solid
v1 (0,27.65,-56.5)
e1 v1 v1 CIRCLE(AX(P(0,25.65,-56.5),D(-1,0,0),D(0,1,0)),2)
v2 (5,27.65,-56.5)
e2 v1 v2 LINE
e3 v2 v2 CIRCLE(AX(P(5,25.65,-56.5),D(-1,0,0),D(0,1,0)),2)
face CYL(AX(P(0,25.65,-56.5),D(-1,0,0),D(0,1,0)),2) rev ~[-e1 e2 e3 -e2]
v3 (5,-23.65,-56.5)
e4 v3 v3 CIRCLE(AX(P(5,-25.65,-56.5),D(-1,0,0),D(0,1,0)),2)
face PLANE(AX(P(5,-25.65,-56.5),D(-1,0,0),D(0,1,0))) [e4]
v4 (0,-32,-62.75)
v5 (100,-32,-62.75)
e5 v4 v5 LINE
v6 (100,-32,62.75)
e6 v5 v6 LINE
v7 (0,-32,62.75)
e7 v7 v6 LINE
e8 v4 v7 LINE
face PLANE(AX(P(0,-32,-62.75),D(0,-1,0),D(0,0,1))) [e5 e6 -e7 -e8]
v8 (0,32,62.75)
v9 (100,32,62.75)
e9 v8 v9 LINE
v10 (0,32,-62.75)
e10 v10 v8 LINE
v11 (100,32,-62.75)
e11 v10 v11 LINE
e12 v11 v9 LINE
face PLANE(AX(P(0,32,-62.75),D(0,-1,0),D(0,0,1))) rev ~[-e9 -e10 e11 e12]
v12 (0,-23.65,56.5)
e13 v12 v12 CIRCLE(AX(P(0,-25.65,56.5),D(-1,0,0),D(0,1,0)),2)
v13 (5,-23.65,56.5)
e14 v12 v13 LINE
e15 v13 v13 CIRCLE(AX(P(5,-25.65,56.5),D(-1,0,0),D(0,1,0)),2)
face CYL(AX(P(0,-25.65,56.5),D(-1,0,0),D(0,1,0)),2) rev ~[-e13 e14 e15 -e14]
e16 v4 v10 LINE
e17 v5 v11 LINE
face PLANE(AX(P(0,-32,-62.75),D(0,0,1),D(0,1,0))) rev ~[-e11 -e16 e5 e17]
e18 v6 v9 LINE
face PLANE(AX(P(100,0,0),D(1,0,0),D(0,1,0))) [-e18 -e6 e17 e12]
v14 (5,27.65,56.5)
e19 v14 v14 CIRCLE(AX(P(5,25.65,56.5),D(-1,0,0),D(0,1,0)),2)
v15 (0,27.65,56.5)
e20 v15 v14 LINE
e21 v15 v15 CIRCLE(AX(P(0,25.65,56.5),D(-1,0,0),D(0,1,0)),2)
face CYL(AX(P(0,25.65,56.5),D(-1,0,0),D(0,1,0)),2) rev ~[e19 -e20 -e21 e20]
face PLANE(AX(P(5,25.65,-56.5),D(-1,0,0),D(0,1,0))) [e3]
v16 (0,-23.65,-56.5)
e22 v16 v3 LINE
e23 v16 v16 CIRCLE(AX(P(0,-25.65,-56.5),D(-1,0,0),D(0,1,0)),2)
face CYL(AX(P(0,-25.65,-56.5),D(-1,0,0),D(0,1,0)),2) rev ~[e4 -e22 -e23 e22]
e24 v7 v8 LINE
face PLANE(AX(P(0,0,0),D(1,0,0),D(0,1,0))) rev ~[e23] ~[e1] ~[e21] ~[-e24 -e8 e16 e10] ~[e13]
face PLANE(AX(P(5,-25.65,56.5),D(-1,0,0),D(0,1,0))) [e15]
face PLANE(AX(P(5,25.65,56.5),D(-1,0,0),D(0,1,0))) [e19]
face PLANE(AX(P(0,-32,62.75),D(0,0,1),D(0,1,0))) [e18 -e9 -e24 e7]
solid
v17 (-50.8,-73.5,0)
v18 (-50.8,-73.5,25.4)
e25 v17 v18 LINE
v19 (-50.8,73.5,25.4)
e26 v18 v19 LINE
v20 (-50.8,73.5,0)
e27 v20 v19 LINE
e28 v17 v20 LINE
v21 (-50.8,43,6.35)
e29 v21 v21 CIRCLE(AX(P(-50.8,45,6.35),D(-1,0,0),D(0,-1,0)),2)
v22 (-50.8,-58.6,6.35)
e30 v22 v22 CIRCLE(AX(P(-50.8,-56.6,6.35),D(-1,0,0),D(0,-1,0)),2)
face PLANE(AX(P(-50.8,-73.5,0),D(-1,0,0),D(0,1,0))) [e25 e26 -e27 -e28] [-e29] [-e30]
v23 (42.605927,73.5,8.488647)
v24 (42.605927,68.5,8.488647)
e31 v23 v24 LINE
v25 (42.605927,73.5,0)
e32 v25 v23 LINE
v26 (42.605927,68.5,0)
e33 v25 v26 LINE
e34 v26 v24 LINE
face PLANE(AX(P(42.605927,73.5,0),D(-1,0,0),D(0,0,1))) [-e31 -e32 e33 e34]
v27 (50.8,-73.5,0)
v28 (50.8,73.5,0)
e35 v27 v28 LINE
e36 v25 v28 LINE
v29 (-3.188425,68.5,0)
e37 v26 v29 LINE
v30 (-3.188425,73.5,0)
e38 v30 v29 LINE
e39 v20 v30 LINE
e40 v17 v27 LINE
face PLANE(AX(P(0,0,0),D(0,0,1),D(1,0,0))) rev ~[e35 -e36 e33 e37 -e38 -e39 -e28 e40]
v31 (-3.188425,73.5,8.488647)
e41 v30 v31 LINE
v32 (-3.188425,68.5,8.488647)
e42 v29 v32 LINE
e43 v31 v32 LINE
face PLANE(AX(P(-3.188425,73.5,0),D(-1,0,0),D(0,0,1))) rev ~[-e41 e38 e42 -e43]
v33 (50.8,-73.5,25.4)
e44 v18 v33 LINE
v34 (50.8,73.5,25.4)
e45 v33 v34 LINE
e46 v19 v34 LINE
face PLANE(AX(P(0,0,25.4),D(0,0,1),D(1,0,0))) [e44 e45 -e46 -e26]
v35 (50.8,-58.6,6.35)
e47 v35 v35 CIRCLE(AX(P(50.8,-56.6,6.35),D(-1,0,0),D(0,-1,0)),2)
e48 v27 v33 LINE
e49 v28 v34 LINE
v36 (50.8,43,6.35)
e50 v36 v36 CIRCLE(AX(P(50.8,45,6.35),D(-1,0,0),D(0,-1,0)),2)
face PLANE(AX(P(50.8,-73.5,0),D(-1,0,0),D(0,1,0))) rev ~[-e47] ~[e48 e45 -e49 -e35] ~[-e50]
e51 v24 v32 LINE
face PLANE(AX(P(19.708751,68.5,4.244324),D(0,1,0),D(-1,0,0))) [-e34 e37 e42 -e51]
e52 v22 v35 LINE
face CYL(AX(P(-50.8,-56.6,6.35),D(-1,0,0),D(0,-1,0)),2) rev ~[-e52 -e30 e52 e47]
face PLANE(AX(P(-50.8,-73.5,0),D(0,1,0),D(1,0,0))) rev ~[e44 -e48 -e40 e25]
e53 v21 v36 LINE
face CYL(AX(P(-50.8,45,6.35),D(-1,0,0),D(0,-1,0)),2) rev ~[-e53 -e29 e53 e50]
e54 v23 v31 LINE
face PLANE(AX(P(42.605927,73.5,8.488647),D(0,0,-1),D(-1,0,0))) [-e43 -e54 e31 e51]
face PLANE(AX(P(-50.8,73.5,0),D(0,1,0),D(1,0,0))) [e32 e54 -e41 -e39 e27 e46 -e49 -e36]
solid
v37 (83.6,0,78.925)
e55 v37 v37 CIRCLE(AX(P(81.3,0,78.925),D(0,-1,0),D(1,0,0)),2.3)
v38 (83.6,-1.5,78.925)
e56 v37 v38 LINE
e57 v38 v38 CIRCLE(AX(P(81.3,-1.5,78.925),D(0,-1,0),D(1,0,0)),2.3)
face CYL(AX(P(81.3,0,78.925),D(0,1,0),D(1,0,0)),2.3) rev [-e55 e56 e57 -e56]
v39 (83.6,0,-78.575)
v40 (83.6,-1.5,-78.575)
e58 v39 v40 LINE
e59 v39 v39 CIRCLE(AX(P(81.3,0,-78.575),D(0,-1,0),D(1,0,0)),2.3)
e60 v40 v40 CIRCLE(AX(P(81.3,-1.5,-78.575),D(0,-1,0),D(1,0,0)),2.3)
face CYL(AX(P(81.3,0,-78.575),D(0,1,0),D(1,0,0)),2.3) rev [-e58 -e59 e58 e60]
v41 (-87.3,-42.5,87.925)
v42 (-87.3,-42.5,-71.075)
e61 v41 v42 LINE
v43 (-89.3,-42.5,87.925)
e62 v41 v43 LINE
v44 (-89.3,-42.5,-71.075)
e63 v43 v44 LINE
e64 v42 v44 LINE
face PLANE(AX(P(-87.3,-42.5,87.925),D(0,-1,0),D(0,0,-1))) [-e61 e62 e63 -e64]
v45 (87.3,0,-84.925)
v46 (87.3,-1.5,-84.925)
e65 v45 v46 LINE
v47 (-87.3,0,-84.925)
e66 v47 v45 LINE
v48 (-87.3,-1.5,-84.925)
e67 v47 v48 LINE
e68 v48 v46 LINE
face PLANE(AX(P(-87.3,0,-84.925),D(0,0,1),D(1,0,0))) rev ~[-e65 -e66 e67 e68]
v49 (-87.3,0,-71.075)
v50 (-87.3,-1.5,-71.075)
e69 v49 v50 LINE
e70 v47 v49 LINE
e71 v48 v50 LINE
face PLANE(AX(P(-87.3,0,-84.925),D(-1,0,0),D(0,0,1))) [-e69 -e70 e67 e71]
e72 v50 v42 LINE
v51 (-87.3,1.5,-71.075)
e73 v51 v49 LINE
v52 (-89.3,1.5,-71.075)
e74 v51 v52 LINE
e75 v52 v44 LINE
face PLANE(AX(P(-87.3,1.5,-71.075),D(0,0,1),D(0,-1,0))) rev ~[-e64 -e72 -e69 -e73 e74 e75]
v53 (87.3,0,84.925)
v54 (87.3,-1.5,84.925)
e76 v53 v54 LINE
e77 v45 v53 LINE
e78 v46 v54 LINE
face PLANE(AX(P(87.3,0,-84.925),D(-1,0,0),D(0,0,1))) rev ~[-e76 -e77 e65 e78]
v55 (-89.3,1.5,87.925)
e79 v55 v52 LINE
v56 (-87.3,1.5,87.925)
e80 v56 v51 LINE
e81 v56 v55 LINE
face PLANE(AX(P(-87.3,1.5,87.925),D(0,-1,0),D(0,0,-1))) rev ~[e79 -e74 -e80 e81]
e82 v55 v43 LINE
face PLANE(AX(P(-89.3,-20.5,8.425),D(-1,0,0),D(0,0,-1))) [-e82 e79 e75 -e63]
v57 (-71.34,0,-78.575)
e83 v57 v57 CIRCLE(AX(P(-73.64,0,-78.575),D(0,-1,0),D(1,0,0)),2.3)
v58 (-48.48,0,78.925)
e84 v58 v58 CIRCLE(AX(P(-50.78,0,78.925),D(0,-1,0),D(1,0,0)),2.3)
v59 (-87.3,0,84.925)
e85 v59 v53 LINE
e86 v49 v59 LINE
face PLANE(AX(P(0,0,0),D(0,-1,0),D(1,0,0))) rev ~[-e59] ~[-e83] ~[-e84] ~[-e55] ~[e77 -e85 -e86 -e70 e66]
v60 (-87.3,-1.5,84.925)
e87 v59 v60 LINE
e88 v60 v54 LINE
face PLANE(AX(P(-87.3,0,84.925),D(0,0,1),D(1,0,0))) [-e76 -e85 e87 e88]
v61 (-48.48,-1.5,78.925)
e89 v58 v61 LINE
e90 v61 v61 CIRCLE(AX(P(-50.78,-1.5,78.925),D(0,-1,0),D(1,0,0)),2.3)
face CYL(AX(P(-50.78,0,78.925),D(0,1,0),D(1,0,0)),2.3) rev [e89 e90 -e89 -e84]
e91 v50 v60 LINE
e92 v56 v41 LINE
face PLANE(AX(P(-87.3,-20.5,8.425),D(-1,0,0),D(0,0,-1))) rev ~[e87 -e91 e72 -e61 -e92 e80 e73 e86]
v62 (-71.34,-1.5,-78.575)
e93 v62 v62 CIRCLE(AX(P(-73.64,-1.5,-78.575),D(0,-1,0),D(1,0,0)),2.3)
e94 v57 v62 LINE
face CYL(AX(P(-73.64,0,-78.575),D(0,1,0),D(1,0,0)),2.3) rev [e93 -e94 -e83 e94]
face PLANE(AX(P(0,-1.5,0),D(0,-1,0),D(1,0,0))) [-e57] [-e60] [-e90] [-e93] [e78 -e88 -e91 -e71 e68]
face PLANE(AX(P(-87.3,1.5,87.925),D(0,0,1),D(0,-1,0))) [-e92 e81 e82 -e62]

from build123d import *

# Parameters (mm, degrees)
SKETCH_W        = 174.6
SKETCH_H        = 169.85
SKETCH_R        = 2.3
PAD_DEPTH       = 1.5
SKETCH001_W     = 159
SKETCH001_H     = 44
PAD001_DEPTH    = 2
SKETCH042_W     = 64
SKETCH042_H     = 125.5
PAD017_DEPTH    = 100
SKETCH043_R     = 2
POCKET_DEPTH    = 5
SKETCH044_W     = 101.6
SKETCH044_H     = 147
PAD018_DEPTH    = 25.4
SKETCH045_W     = 45.794352
SKETCH045_H     = 8.488647
POCKET001_DEPTH = 5
SKETCH046_R     = 2
POCKET002_DEPTH = 101.601


with BuildPart() as mobo:
    # Sketch → Pad (new body)
    with BuildSketch(Plane.XZ):
        Rectangle(SKETCH_W, SKETCH_H)
        with Locations((-73.64, -78.575)):
            Circle(SKETCH_R, mode=Mode.SUBTRACT)
        with Locations((81.3, -78.575)):
            Circle(SKETCH_R, mode=Mode.SUBTRACT)
        with Locations((81.3, 78.925)):
            Circle(SKETCH_R, mode=Mode.SUBTRACT)
        with Locations((-50.78, 78.925)):
            Circle(SKETCH_R, mode=Mode.SUBTRACT)
    extrude(amount=PAD_DEPTH)

    # Sketch001 (on Face4 of Pad) → Pad001 (join)
    with BuildSketch(Plane(origin=(-87.3, 0, 0), x_dir=(0, 0, -1), z_dir=(-1, 0, 0))):
        with Locations((-8.425, 20.5)):
            Rectangle(SKETCH001_W, SKETCH001_H)
    extrude(amount=PAD001_DEPTH)


with BuildPart() as psu:
    # Sketch042 → Pad017 (new body)
    with BuildSketch(Plane.YZ):
        Rectangle(SKETCH042_W, SKETCH042_H)
    extrude(amount=PAD017_DEPTH)

    # Sketch043 (on Face5 of Pad017) → Pocket (cut)
    with BuildSketch(Plane(origin=(0, 0, 0), x_dir=(0, 1, 0), z_dir=(-1, 0, 0))):
        with Locations((-25.65, -56.5)):
            Circle(SKETCH043_R)
        with Locations((25.65, -56.5)):
            Circle(SKETCH043_R)
        with Locations((25.65, 56.5)):
            Circle(SKETCH043_R)
        with Locations((-25.65, 56.5)):
            Circle(SKETCH043_R)
    extrude(amount=-POCKET_DEPTH, mode=Mode.SUBTRACT)


with BuildPart() as hdd:
    # Sketch044 → Pad018 (new body)
    with BuildSketch(Plane.XY):
        Rectangle(SKETCH044_W, SKETCH044_H)
    extrude(amount=PAD018_DEPTH)

    # Sketch045 (on Face3 of Pad018) → Pocket001 (cut)
    with BuildSketch(Plane(origin=(0, 73.5, 0), x_dir=(-1, 0, 0), z_dir=(0, 1, 0))):
        with Locations((-19.708751, 4.2443235)):
            Rectangle(SKETCH045_W, SKETCH045_H)
    extrude(amount=-POCKET001_DEPTH, mode=Mode.SUBTRACT)

    # Sketch046 (on Face2 of Pocket001) → Pocket002 (cut, through all)
    with BuildSketch(Plane(origin=(-50.8, 0, 0), x_dir=(0, -1, 0), z_dir=(-1, 0, 0))):
        with Locations((-45, 6.35)):
            Circle(SKETCH046_R)
        with Locations((56.6, 6.35)):
            Circle(SKETCH046_R)
    extrude(amount=-POCKET002_DEPTH, mode=Mode.SUBTRACT)


solid = Compound([mobo.part, psu.part, hdd.part])
